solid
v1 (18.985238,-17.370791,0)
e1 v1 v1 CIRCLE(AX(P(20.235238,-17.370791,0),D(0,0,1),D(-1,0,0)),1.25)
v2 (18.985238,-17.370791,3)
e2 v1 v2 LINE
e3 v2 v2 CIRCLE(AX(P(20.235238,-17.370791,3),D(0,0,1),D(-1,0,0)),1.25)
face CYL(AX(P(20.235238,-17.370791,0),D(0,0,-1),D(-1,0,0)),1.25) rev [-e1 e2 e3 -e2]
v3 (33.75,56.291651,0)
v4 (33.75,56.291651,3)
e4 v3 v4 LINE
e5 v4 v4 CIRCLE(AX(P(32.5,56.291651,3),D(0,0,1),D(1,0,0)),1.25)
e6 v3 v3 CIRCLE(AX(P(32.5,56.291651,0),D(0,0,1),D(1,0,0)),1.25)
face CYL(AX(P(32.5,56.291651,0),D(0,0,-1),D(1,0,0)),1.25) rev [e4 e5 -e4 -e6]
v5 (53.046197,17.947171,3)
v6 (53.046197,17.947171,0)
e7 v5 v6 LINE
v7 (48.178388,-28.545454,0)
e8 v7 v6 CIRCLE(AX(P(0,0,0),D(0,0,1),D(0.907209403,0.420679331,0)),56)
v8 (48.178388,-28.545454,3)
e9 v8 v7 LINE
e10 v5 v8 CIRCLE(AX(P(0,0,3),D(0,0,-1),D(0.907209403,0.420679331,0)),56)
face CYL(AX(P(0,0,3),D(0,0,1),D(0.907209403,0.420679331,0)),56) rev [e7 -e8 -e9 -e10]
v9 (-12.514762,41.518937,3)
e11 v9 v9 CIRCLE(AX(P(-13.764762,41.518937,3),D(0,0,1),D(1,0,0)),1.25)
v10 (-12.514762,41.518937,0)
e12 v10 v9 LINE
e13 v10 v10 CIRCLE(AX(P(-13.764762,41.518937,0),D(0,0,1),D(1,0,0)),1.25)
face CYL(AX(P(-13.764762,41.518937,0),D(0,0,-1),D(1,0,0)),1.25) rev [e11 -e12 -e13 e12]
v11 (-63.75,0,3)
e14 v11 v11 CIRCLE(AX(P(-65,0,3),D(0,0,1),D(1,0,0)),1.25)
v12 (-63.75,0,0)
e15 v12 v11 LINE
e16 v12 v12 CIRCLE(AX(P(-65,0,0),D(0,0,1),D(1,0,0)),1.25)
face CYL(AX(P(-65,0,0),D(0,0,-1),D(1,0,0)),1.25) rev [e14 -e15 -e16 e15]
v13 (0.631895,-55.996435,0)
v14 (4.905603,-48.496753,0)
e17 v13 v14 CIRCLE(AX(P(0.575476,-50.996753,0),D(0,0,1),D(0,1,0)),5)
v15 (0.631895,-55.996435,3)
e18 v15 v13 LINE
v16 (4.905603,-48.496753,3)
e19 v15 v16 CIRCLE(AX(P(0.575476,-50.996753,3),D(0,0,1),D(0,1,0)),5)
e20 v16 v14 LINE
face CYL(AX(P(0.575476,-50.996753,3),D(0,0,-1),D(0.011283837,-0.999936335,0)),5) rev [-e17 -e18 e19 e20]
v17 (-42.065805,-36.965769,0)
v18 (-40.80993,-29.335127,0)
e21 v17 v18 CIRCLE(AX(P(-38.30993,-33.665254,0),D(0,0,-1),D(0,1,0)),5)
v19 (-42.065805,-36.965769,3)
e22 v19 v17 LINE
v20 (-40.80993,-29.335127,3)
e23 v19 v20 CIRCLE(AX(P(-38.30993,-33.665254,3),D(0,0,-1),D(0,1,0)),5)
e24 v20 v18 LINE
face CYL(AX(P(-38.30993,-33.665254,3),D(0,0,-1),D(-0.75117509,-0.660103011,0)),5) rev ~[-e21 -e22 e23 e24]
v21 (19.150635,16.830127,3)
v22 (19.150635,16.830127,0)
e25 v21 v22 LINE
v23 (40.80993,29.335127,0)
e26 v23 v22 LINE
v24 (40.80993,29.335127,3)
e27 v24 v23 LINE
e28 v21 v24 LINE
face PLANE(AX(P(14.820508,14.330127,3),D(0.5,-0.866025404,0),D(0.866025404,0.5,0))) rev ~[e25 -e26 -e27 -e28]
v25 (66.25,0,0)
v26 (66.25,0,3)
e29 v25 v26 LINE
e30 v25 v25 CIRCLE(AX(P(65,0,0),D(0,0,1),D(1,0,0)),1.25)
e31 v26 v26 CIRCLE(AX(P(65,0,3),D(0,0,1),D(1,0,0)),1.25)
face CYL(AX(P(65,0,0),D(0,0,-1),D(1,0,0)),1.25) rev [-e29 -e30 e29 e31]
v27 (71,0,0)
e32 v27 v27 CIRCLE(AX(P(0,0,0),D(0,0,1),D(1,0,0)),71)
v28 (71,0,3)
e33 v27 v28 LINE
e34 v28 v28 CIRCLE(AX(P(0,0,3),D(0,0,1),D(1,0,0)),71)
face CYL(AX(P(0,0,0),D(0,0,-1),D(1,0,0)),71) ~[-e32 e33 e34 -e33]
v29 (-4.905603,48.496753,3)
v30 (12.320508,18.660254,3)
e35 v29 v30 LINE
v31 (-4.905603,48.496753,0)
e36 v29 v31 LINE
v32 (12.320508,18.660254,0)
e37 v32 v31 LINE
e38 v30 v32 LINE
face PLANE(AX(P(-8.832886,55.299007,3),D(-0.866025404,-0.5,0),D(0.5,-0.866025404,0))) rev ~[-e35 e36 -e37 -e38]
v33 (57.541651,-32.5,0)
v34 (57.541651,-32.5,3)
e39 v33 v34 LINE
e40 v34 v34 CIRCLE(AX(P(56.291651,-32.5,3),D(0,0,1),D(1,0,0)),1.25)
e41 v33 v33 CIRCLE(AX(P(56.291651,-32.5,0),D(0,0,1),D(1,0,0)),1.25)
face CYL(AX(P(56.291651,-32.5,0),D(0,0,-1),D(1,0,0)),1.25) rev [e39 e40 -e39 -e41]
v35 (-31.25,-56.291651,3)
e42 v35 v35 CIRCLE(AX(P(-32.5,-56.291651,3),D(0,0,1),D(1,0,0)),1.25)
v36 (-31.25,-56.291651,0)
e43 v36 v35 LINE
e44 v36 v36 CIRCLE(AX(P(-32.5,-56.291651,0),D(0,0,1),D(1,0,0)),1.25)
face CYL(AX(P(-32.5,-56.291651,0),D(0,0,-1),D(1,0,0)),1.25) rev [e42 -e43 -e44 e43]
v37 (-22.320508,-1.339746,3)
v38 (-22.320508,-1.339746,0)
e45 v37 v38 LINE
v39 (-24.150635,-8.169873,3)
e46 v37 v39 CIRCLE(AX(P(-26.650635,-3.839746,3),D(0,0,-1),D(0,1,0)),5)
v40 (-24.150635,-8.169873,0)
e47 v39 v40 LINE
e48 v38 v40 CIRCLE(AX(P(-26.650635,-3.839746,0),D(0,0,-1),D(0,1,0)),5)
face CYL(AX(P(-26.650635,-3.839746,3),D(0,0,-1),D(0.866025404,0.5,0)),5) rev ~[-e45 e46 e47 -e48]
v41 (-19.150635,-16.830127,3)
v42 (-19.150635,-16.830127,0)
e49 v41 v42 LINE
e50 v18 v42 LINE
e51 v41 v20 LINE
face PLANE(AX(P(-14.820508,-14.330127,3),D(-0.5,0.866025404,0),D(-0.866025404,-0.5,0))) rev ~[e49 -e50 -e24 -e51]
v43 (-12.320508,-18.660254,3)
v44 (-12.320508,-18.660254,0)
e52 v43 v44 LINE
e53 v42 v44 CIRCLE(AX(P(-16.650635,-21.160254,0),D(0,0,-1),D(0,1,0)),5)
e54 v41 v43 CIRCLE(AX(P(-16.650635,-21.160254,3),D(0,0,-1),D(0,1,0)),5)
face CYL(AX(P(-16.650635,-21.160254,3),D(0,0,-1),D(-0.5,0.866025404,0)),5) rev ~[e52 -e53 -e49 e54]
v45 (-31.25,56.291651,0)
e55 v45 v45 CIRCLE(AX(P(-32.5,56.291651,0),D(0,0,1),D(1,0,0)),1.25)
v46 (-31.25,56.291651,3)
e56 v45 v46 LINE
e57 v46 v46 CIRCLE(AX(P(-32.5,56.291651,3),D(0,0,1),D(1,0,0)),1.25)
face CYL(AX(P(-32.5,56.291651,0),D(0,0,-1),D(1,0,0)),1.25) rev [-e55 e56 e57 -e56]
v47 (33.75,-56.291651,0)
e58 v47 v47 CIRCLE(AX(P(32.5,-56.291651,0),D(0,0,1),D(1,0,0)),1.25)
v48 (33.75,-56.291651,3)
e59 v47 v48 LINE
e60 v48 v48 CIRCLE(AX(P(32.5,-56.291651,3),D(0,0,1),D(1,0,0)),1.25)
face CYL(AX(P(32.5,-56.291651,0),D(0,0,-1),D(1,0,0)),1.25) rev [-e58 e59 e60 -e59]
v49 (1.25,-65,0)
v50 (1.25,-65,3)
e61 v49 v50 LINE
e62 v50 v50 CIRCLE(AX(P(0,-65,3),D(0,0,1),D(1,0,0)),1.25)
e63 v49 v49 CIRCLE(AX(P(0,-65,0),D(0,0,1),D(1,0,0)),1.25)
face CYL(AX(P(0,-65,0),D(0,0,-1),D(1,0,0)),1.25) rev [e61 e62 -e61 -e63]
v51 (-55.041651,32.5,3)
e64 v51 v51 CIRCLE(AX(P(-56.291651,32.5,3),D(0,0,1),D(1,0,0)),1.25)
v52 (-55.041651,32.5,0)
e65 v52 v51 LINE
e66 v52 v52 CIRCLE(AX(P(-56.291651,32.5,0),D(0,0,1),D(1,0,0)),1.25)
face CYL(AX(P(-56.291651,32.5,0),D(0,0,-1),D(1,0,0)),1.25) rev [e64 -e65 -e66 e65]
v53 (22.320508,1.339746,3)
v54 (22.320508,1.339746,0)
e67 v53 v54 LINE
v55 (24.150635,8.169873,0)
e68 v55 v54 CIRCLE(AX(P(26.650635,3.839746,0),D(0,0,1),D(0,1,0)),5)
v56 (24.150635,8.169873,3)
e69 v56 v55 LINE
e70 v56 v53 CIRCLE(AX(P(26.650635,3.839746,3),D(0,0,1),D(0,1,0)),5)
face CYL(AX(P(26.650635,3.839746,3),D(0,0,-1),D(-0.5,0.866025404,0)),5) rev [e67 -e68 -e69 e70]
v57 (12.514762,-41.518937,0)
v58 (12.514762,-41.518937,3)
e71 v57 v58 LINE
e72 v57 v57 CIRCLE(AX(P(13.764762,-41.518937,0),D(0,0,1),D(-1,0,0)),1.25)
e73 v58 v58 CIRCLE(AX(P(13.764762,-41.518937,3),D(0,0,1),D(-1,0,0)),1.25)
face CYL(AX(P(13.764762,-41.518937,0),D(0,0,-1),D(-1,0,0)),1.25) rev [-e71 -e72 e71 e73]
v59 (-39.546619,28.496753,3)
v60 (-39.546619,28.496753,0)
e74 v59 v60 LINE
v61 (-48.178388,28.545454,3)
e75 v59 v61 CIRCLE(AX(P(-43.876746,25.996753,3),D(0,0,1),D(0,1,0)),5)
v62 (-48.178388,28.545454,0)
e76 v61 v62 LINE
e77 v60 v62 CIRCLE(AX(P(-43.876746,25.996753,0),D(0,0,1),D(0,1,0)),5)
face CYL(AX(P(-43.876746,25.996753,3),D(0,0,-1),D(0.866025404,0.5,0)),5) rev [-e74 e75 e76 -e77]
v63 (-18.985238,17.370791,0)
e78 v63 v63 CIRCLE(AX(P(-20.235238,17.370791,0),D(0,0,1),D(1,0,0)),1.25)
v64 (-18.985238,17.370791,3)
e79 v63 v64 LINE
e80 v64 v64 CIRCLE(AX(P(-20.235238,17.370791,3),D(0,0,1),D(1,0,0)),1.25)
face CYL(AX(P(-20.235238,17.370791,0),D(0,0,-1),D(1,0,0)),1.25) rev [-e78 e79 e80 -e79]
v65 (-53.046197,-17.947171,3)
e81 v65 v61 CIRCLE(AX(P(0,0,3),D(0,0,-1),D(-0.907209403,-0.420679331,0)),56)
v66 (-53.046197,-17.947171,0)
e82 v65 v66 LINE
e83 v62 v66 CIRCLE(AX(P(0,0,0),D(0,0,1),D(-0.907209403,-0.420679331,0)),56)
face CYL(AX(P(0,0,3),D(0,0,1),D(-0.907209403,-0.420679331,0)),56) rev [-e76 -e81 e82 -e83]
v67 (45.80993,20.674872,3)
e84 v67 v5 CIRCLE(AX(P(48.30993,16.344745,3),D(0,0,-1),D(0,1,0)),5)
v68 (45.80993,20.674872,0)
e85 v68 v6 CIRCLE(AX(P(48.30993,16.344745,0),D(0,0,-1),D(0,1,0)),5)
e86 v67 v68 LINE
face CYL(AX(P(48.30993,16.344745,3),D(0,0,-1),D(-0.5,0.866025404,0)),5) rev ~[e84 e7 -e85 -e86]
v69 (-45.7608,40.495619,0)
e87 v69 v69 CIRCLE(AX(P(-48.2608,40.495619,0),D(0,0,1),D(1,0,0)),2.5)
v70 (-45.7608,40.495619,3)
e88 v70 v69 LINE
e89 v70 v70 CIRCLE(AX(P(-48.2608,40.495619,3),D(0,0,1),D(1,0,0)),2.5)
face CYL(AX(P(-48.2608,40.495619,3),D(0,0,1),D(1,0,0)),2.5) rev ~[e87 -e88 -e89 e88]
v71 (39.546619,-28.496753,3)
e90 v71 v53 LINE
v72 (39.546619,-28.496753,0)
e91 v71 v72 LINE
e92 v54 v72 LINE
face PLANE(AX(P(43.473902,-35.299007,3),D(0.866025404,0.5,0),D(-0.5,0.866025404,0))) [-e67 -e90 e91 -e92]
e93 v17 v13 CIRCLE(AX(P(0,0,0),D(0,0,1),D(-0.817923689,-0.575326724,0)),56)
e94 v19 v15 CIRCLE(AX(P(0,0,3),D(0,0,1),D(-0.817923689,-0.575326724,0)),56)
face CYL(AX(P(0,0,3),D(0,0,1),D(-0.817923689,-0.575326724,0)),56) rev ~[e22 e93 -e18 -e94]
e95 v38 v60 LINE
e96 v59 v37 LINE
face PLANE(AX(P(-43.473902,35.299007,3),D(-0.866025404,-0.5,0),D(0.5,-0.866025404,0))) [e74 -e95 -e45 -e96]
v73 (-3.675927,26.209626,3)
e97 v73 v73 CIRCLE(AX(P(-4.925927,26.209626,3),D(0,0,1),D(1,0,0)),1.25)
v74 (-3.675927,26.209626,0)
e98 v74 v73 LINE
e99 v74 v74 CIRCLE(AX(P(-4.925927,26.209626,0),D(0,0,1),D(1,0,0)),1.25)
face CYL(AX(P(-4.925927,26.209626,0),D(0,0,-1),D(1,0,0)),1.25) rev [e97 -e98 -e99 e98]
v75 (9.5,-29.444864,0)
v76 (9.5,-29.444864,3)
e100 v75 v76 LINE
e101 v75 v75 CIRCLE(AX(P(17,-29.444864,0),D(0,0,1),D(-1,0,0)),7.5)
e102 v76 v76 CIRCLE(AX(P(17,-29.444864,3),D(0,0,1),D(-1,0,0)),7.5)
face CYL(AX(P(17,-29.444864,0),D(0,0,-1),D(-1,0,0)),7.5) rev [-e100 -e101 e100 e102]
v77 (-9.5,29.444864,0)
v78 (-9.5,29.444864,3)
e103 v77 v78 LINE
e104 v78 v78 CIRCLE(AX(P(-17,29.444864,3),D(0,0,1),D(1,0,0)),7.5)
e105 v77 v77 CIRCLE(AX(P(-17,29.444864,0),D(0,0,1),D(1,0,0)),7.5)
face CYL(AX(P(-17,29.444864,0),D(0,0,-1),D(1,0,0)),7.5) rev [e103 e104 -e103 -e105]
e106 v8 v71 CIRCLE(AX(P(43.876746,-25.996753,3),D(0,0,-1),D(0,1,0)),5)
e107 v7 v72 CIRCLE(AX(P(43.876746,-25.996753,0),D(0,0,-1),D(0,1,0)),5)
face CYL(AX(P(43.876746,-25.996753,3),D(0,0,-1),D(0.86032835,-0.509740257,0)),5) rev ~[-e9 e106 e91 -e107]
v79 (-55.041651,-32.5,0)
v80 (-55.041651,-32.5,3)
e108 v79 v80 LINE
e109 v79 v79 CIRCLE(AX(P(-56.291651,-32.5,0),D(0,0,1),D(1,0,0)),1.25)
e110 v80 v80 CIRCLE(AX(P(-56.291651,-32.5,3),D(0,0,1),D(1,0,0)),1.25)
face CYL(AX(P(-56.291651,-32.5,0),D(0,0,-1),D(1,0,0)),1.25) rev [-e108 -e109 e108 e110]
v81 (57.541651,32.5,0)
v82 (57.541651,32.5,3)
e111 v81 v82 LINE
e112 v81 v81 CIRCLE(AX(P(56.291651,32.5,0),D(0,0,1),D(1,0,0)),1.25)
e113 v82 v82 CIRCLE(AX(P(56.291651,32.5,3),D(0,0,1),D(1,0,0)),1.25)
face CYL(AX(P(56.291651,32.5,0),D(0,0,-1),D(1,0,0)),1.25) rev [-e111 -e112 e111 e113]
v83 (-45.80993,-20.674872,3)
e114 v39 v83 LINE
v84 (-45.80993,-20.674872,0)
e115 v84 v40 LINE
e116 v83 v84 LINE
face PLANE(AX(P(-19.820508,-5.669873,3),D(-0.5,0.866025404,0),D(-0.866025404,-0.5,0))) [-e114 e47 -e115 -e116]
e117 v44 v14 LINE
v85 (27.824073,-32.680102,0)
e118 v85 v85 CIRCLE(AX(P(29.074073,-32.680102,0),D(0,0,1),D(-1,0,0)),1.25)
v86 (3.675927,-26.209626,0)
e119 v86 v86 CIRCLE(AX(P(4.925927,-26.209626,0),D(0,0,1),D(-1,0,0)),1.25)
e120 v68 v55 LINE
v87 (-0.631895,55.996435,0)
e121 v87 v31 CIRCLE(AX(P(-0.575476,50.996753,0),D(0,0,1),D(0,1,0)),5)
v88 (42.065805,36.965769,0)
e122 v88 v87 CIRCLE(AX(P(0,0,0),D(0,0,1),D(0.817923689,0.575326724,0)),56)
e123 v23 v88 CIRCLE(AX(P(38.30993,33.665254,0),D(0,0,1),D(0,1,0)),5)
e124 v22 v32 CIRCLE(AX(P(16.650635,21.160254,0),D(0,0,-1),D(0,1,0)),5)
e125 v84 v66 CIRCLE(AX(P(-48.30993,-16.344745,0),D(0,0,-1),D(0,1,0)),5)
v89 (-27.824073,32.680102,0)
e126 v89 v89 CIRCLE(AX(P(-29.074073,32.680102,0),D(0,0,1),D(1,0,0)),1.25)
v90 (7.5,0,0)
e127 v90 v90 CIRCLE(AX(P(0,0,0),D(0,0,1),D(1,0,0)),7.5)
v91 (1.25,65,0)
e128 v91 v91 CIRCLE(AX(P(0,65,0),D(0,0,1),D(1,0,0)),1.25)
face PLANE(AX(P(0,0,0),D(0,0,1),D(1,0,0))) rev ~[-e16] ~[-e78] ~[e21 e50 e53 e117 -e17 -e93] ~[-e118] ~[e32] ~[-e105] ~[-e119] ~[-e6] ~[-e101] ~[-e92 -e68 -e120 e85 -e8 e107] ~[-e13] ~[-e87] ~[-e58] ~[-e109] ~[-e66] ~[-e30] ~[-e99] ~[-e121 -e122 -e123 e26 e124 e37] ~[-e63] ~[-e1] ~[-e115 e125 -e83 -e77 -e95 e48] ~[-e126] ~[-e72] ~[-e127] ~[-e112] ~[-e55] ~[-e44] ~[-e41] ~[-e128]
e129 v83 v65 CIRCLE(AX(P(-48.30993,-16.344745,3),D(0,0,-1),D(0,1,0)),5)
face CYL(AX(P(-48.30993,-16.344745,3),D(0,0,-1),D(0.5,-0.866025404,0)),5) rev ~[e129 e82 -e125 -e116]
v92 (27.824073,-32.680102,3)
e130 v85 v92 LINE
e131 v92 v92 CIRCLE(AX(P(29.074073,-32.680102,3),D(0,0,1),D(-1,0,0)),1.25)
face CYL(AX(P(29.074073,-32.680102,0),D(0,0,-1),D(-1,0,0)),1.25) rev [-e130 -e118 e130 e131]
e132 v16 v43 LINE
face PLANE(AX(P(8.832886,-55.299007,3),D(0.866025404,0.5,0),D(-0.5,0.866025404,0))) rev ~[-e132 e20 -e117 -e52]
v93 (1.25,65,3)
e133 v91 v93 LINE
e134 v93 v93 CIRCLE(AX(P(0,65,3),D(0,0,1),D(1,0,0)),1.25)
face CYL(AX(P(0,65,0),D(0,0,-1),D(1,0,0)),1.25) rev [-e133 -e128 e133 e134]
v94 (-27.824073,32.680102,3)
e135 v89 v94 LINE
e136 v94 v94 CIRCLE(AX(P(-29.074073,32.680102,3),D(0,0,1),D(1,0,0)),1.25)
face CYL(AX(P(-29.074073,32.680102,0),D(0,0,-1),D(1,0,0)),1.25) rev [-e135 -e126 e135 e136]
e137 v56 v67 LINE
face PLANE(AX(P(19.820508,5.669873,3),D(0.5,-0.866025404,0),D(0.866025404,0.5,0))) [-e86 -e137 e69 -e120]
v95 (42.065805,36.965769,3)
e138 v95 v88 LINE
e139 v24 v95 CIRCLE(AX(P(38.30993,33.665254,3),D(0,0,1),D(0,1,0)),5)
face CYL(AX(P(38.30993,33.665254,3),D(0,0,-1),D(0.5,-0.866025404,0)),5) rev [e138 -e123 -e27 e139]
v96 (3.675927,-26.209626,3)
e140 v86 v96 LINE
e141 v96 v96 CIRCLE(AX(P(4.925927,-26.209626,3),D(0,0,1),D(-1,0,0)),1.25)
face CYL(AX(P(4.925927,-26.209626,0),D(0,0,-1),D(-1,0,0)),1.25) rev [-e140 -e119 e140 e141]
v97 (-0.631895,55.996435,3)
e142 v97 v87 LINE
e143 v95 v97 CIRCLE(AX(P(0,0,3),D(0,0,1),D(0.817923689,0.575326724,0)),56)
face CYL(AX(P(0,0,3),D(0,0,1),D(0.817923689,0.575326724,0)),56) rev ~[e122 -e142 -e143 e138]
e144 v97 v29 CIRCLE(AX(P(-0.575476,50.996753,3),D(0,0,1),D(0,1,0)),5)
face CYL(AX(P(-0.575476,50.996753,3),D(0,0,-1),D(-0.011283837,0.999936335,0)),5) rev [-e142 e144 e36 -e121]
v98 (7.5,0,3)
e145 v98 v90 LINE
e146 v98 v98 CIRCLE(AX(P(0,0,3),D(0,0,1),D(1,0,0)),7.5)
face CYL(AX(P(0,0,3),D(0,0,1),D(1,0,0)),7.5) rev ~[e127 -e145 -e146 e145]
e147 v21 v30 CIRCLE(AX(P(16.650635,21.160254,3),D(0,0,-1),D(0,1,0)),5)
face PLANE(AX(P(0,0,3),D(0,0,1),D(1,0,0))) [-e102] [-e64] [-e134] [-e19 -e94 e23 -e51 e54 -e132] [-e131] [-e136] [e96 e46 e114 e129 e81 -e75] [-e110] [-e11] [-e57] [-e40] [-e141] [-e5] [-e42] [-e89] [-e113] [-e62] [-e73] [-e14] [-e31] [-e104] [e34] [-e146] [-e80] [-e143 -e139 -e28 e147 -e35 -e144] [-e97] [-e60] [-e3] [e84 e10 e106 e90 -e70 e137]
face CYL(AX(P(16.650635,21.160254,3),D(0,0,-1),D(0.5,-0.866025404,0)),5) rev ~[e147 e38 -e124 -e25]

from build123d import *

# Parameters (mm, degrees)
SKETCH_1_R          = 71
SKETCH_1_R_2        = 1.25
SKETCH_1_R_3        = 7.5
EXTRUDE_1_DEPTH     = 3
CUT_EXTRUDE_1_REACH = 102.454
SKETCH_2_R          = 2.5
CUT_EXTRUDE_2_REACH = 102.454
CUT_EXTRUDE_3_REACH = 102.454
SKETCH_4_R          = 7.5
FILLET_1_R          = 5


with BuildPart() as part:
    # 草图1 → 凸台-拉伸1 (new body)
    with BuildSketch(Plane.XY):
        Circle(SKETCH_1_R)
        with Locations((0, 65)):
            Circle(SKETCH_1_R_2, mode=Mode.SUBTRACT)
        with Locations((56.291651246, 32.5)):
            Circle(SKETCH_1_R_2, mode=Mode.SUBTRACT)
        with Locations((56.291651246, -32.5)):
            Circle(SKETCH_1_R_2, mode=Mode.SUBTRACT)
        with Locations((0, -65)):
            Circle(SKETCH_1_R_2, mode=Mode.SUBTRACT)
        with Locations((-56.291651246, -32.5)):
            Circle(SKETCH_1_R_2, mode=Mode.SUBTRACT)
        with Locations((-56.291651246, 32.5)):
            Circle(SKETCH_1_R_2, mode=Mode.SUBTRACT)
        with Locations((-29.074072829, 32.680101792)):
            Circle(SKETCH_1_R_2, mode=Mode.SUBTRACT)
        with Locations((-13.764761936, 41.518936557)):
            Circle(SKETCH_1_R_2, mode=Mode.SUBTRACT)
        with Locations((-4.925927171, 26.209625665)):
            Circle(SKETCH_1_R_2, mode=Mode.SUBTRACT)
        with Locations((-20.235238064, 17.3707909)):
            Circle(SKETCH_1_R_2, mode=Mode.SUBTRACT)
        with Locations(Location((29.074072829, -32.680101792, 0), (0, 0, 180))):
            Circle(SKETCH_1_R_2, mode=Mode.SUBTRACT)
        with Locations(Location((20.235238064, -17.3707909, 0), (0, 0, 180))):
            Circle(SKETCH_1_R_2, mode=Mode.SUBTRACT)
        with Locations(Location((4.925927171, -26.209625665, 0), (0, 0, 180))):
            Circle(SKETCH_1_R_2, mode=Mode.SUBTRACT)
        with Locations(Location((13.764761936, -41.518936557, 0), (0, 0, 180))):
            Circle(SKETCH_1_R_2, mode=Mode.SUBTRACT)
        with Locations((-17, 29.444863729)):
            Circle(SKETCH_1_R_3, mode=Mode.SUBTRACT)
        with Locations(Location((17, -29.444863729, 0), (0, 0, 180))):
            Circle(SKETCH_1_R_3, mode=Mode.SUBTRACT)
        with Locations((32.5, 56.291651246)):
            Circle(SKETCH_1_R_2, mode=Mode.SUBTRACT)
        with Locations((-32.5, 56.291651246)):
            Circle(SKETCH_1_R_2, mode=Mode.SUBTRACT)
        with Locations((-65, 0)):
            Circle(SKETCH_1_R_2, mode=Mode.SUBTRACT)
        with Locations((-32.5, -56.291651246)):
            Circle(SKETCH_1_R_2, mode=Mode.SUBTRACT)
        with Locations((32.5, -56.291651246)):
            Circle(SKETCH_1_R_2, mode=Mode.SUBTRACT)
        with Locations((65, 0)):
            Circle(SKETCH_1_R_2, mode=Mode.SUBTRACT)
    extrude(amount=EXTRUDE_1_DEPTH)

    # 草图2 → 切除-拉伸1 (cut, up to next)
    with BuildSketch(Plane.XY.offset(3), mode=Mode.PRIVATE) as cut_extrude_1_sk1:
        with Locations((-48.260799916, 40.49561941)):
            Circle(SKETCH_2_R)
    cut_extrude_1_tool1 = extrude(cut_extrude_1_sk1.sketch, amount=-CUT_EXTRUDE_1_REACH, mode=Mode.PRIVATE) & part.part
    add(cut_extrude_1_tool1.solids().sort_by_distance((-48.2608, 40.495619, 3))[0], mode=Mode.SUBTRACT)

    # 草图3 → 切除-拉伸2 (cut, up to next)
    with BuildSketch(Plane.XY.offset(3), mode=Mode.PRIVATE) as cut_extrude_2_sk1:
        with BuildLine():
            Line((-43.473901737, 35.299006612), (-19.820508076, -5.669872981))
            Line((-19.820508076, -5.669872981), (-50.803726564, -23.558042516))
            ThreePointArc((-50.803726564, -23.558042516), (-55.570728424, 6.920559405), (-43.473901737, 35.299006612))
        make_face()
    cut_extrude_2_tool1 = extrude(cut_extrude_2_sk1.sketch, amount=-CUT_EXTRUDE_2_REACH, mode=Mode.PRIVATE) & part.part
    # 草图3 → 切除-拉伸2 (cut, up to next)
    with BuildSketch(Plane.XY.offset(3), mode=Mode.PRIVATE) as cut_extrude_2_sk2:
        with BuildLine():
            Line((-8.832885586, 55.299006612), (14.820508076, 14.330127019))
            Line((14.820508076, 14.330127019), (45.803726564, 32.218296554))
            ThreePointArc((45.803726564, 32.218296554), (21.791983959, 51.585942224), (-8.832885586, 55.299006612))
        make_face()
    cut_extrude_2_tool2 = extrude(cut_extrude_2_sk2.sketch, amount=-CUT_EXTRUDE_2_REACH, mode=Mode.PRIVATE) & part.part
    # 草图3 → 切除-拉伸2 (cut, up to next)
    with BuildSketch(Plane.XY.offset(3), mode=Mode.PRIVATE) as cut_extrude_2_sk3:
        with BuildLine():
            Line((19.820508076, 5.669872981), (50.803726564, 23.558042516))
            ThreePointArc((50.803726564, 23.558042516), (55.570728424, -6.920559405), (43.473901737, -35.299006612))
            Line((43.473901737, -35.299006612), (19.820508076, 5.669872981))
        make_face()
    cut_extrude_2_tool3 = extrude(cut_extrude_2_sk3.sketch, amount=-CUT_EXTRUDE_2_REACH, mode=Mode.PRIVATE) & part.part
    # 草图3 → 切除-拉伸2 (cut, up to next)
    with BuildSketch(Plane.XY.offset(3), mode=Mode.PRIVATE) as cut_extrude_2_sk4:
        with BuildLine():
            Line((-14.820508076, -14.330127019), (-45.803726564, -32.218296554))
            ThreePointArc((-45.803726564, -32.218296554), (-21.791983959, -51.585942224), (8.832885586, -55.299006612))
            Line((8.832885586, -55.299006612), (-14.820508076, -14.330127019))
        make_face()
    cut_extrude_2_tool4 = extrude(cut_extrude_2_sk4.sketch, amount=-CUT_EXTRUDE_2_REACH, mode=Mode.PRIVATE) & part.part
    add(cut_extrude_2_tool1.solids().sort_by_distance((-41.626791, 3.251163, 3))[0], mode=Mode.SUBTRACT)
    add(cut_extrude_2_tool2.solids().sort_by_distance((17.997806, 37.67544, 3))[0], mode=Mode.SUBTRACT)
    add(cut_extrude_2_tool3.solids().sort_by_distance((41.626791, -3.251163, 3))[0], mode=Mode.SUBTRACT)
    add(cut_extrude_2_tool4.solids().sort_by_distance((-17.997806, -37.67544, 3))[0], mode=Mode.SUBTRACT)

    # 草图4 → 切除-拉伸3 (cut, up to next)
    with BuildSketch(Plane.XY.offset(3), mode=Mode.PRIVATE) as cut_extrude_3_sk1:
        Circle(SKETCH_4_R)
    cut_extrude_3_tool1 = extrude(cut_extrude_3_sk1.sketch, amount=-CUT_EXTRUDE_3_REACH, mode=Mode.PRIVATE) & part.part
    add(cut_extrude_3_tool1.solids().sort_by_distance((0, 0, 3))[0], mode=Mode.SUBTRACT)

    # 圆角1
    fillet_1_edges = [part.edges().sort_by_distance(p)[0] for p in [
        (8.832885586, -55.299006612, 1.5),
        (-45.803726564, -32.218296554, 1.5),
        (-14.820508076, -14.330127019, 1.5),
        (-8.832885586, 55.299006612, 1.5),
        (45.803726564, 32.218296554, 1.5),
        (14.820508076, 14.330127019, 1.5),
        (50.803726564, 23.558042516, 1.5),
        (43.473901737, -35.299006612, 1.5),
        (19.820508076, 5.669872981, 1.5),
        (-50.803726564, -23.558042516, 1.5),
        (-43.473901737, 35.299006612, 1.5),
        (-19.820508076, -5.669872981, 1.5),
    ]]
    fillet(fillet_1_edges, radius=FILLET_1_R)


solid = part.part
